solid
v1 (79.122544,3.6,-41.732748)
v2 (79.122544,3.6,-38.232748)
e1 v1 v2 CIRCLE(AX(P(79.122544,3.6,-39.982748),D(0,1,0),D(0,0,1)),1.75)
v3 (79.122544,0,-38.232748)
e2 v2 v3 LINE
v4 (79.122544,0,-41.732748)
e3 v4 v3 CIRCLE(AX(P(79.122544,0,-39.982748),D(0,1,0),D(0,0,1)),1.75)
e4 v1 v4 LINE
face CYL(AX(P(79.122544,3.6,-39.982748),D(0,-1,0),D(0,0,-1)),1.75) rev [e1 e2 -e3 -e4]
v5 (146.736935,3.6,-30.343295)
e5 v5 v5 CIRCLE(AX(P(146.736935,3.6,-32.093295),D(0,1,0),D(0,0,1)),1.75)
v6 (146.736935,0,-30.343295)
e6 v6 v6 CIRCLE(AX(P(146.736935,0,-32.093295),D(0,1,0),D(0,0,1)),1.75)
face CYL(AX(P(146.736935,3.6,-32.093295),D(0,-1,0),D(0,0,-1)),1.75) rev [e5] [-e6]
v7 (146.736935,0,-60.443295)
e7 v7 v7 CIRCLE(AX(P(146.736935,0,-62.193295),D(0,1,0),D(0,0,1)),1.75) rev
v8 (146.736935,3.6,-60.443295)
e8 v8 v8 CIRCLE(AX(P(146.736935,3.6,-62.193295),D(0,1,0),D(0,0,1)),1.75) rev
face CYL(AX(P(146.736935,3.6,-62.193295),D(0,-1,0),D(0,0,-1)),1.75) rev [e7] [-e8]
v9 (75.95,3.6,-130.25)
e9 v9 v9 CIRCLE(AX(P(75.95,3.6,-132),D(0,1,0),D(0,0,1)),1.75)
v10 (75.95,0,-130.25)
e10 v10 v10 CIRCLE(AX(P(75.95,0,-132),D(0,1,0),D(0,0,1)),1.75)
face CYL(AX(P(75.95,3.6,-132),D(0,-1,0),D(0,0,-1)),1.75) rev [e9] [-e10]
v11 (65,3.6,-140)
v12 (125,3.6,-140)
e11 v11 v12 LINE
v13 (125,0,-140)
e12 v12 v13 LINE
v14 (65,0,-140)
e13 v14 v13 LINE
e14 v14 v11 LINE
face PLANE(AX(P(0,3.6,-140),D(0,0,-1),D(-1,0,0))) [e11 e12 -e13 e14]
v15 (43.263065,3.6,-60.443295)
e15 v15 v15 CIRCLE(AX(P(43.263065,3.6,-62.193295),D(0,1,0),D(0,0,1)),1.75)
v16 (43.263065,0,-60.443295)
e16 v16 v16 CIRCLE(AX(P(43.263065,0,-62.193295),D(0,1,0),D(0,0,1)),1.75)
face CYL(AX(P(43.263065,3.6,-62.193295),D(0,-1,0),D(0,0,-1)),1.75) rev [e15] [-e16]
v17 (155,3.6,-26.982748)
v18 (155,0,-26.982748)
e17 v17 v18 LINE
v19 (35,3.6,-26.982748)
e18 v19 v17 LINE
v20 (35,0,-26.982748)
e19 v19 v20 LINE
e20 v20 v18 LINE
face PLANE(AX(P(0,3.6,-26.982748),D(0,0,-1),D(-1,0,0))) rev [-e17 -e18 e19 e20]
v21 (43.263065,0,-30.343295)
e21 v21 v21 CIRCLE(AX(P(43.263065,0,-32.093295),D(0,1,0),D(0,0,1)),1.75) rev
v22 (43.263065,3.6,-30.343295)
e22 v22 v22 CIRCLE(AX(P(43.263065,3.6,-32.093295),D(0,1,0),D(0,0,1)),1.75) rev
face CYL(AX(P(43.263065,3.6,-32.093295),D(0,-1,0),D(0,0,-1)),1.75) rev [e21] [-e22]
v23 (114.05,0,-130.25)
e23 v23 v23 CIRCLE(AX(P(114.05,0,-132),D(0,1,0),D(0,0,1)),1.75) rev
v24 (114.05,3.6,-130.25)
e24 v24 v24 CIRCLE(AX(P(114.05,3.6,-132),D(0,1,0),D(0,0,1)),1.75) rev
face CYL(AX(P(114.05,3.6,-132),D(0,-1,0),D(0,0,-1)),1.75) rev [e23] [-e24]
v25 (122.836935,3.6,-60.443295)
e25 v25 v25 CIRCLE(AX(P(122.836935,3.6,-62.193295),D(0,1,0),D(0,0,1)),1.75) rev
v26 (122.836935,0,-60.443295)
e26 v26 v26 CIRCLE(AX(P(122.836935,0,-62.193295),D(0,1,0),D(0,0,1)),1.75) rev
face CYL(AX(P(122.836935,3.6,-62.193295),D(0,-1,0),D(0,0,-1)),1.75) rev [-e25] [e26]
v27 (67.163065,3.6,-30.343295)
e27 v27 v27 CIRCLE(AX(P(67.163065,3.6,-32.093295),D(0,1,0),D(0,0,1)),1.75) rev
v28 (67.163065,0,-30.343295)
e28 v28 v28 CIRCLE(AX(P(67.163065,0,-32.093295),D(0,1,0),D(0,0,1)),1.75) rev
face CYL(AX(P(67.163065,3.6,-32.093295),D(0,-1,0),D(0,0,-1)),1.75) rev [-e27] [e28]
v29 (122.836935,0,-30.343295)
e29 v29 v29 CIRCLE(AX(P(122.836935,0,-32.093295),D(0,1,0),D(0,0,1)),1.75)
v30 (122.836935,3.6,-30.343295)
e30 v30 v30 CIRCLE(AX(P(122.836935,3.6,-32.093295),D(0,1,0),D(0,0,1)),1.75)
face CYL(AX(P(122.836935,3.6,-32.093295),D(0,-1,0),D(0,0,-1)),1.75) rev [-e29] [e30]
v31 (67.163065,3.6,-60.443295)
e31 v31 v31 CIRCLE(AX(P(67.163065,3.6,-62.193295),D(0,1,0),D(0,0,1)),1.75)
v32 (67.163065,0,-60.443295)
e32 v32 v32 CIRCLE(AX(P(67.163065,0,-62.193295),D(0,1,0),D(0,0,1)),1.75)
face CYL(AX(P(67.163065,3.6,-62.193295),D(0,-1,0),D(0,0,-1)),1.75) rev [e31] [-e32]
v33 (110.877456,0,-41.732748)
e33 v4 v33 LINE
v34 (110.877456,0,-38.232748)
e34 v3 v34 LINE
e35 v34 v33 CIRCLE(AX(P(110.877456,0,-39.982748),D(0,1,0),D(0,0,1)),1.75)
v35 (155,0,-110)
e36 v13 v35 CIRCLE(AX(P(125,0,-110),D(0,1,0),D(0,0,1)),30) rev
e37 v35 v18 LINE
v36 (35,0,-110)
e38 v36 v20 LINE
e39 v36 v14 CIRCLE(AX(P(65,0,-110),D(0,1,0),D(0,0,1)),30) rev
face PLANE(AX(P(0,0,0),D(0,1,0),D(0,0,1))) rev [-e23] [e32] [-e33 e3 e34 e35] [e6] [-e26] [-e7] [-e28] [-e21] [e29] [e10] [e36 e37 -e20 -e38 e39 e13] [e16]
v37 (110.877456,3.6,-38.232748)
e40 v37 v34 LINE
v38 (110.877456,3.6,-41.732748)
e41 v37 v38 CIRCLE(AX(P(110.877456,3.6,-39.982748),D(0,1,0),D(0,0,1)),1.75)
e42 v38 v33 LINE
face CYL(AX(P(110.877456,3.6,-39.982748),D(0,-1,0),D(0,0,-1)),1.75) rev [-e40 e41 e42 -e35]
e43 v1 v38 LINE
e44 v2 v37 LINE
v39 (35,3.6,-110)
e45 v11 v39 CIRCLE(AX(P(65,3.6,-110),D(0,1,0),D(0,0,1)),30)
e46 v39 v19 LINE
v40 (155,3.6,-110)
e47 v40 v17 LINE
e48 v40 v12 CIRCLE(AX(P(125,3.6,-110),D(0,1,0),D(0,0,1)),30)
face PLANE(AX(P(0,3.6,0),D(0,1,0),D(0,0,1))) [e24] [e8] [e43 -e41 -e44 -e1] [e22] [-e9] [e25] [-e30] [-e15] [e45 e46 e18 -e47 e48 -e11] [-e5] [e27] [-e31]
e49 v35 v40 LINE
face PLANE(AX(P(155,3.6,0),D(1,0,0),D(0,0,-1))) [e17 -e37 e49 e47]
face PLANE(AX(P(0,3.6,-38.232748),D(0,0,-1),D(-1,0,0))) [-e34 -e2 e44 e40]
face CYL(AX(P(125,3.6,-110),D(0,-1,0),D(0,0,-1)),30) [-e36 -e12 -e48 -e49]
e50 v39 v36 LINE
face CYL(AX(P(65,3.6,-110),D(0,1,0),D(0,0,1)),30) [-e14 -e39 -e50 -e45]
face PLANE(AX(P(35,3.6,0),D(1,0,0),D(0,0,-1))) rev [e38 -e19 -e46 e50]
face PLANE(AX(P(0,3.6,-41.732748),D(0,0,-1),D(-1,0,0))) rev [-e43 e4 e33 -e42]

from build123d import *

# Parameters (mm, degrees)
SKETCH_6_W      = 120
SKETCH_6_H      = 113.017251625
SKETCH_6_R      = 1.75
EXTRUDE_2_DEPTH = 3.6
FILLET_1_R      = 30
FILLET_2_R      = 30


with BuildPart() as part:
    # 草图6 → 凸台-拉伸2 (new body)
    with BuildSketch(Plane(origin=(0, 0, 0), x_dir=(1, 0, 0), z_dir=(0, 1, 0))):
        with Locations((95, 83.491374187)):
            Rectangle(SKETCH_6_W, SKETCH_6_H)
        with Locations((43.263065037, 32.093294966)):
            Circle(SKETCH_6_R, mode=Mode.SUBTRACT)
        with Locations((67.163065037, 32.093294966)):
            Circle(SKETCH_6_R, mode=Mode.SUBTRACT)
        with BuildLine():
            ThreePointArc((79.1225441, 38.232748375), (77.3725441, 39.982748375), (79.1225441, 41.732748375))
            Line((79.1225441, 41.732748375), (110.8774559, 41.732748375))
            ThreePointArc((110.8774559, 41.732748375), (112.6274559, 39.982748375), (110.8774559, 38.232748375))
            Line((110.8774559, 38.232748375), (79.1225441, 38.232748375))
        make_face(mode=Mode.SUBTRACT)
        with Locations((43.263065037, 62.193294966)):
            Circle(SKETCH_6_R, mode=Mode.SUBTRACT)
        with Locations((67.163065037, 62.193294966)):
            Circle(SKETCH_6_R, mode=Mode.SUBTRACT)
        with Locations((75.95, 132)):
            Circle(SKETCH_6_R, mode=Mode.SUBTRACT)
        with Locations((114.05, 132)):
            Circle(SKETCH_6_R, mode=Mode.SUBTRACT)
        with Locations((122.836934963, 62.193294966)):
            Circle(SKETCH_6_R, mode=Mode.SUBTRACT)
        with Locations((122.836934963, 32.093294966)):
            Circle(SKETCH_6_R, mode=Mode.SUBTRACT)
        with Locations((146.736934963, 32.093294966)):
            Circle(SKETCH_6_R, mode=Mode.SUBTRACT)
        with Locations((146.736934963, 62.193294966)):
            Circle(SKETCH_6_R, mode=Mode.SUBTRACT)
    extrude(amount=EXTRUDE_2_DEPTH)

    # 圆角1
    fillet_1_edges = [part.edges().sort_by_distance(p)[0] for p in [
        (35, 1.8, -140),
    ]]
    fillet(fillet_1_edges, radius=FILLET_1_R)

    # 圆角2
    fillet_2_edges = [part.edges().sort_by_distance(p)[0] for p in [
        (155, 1.8, -140),
    ]]
    fillet(fillet_2_edges, radius=FILLET_2_R)


solid = part.part
